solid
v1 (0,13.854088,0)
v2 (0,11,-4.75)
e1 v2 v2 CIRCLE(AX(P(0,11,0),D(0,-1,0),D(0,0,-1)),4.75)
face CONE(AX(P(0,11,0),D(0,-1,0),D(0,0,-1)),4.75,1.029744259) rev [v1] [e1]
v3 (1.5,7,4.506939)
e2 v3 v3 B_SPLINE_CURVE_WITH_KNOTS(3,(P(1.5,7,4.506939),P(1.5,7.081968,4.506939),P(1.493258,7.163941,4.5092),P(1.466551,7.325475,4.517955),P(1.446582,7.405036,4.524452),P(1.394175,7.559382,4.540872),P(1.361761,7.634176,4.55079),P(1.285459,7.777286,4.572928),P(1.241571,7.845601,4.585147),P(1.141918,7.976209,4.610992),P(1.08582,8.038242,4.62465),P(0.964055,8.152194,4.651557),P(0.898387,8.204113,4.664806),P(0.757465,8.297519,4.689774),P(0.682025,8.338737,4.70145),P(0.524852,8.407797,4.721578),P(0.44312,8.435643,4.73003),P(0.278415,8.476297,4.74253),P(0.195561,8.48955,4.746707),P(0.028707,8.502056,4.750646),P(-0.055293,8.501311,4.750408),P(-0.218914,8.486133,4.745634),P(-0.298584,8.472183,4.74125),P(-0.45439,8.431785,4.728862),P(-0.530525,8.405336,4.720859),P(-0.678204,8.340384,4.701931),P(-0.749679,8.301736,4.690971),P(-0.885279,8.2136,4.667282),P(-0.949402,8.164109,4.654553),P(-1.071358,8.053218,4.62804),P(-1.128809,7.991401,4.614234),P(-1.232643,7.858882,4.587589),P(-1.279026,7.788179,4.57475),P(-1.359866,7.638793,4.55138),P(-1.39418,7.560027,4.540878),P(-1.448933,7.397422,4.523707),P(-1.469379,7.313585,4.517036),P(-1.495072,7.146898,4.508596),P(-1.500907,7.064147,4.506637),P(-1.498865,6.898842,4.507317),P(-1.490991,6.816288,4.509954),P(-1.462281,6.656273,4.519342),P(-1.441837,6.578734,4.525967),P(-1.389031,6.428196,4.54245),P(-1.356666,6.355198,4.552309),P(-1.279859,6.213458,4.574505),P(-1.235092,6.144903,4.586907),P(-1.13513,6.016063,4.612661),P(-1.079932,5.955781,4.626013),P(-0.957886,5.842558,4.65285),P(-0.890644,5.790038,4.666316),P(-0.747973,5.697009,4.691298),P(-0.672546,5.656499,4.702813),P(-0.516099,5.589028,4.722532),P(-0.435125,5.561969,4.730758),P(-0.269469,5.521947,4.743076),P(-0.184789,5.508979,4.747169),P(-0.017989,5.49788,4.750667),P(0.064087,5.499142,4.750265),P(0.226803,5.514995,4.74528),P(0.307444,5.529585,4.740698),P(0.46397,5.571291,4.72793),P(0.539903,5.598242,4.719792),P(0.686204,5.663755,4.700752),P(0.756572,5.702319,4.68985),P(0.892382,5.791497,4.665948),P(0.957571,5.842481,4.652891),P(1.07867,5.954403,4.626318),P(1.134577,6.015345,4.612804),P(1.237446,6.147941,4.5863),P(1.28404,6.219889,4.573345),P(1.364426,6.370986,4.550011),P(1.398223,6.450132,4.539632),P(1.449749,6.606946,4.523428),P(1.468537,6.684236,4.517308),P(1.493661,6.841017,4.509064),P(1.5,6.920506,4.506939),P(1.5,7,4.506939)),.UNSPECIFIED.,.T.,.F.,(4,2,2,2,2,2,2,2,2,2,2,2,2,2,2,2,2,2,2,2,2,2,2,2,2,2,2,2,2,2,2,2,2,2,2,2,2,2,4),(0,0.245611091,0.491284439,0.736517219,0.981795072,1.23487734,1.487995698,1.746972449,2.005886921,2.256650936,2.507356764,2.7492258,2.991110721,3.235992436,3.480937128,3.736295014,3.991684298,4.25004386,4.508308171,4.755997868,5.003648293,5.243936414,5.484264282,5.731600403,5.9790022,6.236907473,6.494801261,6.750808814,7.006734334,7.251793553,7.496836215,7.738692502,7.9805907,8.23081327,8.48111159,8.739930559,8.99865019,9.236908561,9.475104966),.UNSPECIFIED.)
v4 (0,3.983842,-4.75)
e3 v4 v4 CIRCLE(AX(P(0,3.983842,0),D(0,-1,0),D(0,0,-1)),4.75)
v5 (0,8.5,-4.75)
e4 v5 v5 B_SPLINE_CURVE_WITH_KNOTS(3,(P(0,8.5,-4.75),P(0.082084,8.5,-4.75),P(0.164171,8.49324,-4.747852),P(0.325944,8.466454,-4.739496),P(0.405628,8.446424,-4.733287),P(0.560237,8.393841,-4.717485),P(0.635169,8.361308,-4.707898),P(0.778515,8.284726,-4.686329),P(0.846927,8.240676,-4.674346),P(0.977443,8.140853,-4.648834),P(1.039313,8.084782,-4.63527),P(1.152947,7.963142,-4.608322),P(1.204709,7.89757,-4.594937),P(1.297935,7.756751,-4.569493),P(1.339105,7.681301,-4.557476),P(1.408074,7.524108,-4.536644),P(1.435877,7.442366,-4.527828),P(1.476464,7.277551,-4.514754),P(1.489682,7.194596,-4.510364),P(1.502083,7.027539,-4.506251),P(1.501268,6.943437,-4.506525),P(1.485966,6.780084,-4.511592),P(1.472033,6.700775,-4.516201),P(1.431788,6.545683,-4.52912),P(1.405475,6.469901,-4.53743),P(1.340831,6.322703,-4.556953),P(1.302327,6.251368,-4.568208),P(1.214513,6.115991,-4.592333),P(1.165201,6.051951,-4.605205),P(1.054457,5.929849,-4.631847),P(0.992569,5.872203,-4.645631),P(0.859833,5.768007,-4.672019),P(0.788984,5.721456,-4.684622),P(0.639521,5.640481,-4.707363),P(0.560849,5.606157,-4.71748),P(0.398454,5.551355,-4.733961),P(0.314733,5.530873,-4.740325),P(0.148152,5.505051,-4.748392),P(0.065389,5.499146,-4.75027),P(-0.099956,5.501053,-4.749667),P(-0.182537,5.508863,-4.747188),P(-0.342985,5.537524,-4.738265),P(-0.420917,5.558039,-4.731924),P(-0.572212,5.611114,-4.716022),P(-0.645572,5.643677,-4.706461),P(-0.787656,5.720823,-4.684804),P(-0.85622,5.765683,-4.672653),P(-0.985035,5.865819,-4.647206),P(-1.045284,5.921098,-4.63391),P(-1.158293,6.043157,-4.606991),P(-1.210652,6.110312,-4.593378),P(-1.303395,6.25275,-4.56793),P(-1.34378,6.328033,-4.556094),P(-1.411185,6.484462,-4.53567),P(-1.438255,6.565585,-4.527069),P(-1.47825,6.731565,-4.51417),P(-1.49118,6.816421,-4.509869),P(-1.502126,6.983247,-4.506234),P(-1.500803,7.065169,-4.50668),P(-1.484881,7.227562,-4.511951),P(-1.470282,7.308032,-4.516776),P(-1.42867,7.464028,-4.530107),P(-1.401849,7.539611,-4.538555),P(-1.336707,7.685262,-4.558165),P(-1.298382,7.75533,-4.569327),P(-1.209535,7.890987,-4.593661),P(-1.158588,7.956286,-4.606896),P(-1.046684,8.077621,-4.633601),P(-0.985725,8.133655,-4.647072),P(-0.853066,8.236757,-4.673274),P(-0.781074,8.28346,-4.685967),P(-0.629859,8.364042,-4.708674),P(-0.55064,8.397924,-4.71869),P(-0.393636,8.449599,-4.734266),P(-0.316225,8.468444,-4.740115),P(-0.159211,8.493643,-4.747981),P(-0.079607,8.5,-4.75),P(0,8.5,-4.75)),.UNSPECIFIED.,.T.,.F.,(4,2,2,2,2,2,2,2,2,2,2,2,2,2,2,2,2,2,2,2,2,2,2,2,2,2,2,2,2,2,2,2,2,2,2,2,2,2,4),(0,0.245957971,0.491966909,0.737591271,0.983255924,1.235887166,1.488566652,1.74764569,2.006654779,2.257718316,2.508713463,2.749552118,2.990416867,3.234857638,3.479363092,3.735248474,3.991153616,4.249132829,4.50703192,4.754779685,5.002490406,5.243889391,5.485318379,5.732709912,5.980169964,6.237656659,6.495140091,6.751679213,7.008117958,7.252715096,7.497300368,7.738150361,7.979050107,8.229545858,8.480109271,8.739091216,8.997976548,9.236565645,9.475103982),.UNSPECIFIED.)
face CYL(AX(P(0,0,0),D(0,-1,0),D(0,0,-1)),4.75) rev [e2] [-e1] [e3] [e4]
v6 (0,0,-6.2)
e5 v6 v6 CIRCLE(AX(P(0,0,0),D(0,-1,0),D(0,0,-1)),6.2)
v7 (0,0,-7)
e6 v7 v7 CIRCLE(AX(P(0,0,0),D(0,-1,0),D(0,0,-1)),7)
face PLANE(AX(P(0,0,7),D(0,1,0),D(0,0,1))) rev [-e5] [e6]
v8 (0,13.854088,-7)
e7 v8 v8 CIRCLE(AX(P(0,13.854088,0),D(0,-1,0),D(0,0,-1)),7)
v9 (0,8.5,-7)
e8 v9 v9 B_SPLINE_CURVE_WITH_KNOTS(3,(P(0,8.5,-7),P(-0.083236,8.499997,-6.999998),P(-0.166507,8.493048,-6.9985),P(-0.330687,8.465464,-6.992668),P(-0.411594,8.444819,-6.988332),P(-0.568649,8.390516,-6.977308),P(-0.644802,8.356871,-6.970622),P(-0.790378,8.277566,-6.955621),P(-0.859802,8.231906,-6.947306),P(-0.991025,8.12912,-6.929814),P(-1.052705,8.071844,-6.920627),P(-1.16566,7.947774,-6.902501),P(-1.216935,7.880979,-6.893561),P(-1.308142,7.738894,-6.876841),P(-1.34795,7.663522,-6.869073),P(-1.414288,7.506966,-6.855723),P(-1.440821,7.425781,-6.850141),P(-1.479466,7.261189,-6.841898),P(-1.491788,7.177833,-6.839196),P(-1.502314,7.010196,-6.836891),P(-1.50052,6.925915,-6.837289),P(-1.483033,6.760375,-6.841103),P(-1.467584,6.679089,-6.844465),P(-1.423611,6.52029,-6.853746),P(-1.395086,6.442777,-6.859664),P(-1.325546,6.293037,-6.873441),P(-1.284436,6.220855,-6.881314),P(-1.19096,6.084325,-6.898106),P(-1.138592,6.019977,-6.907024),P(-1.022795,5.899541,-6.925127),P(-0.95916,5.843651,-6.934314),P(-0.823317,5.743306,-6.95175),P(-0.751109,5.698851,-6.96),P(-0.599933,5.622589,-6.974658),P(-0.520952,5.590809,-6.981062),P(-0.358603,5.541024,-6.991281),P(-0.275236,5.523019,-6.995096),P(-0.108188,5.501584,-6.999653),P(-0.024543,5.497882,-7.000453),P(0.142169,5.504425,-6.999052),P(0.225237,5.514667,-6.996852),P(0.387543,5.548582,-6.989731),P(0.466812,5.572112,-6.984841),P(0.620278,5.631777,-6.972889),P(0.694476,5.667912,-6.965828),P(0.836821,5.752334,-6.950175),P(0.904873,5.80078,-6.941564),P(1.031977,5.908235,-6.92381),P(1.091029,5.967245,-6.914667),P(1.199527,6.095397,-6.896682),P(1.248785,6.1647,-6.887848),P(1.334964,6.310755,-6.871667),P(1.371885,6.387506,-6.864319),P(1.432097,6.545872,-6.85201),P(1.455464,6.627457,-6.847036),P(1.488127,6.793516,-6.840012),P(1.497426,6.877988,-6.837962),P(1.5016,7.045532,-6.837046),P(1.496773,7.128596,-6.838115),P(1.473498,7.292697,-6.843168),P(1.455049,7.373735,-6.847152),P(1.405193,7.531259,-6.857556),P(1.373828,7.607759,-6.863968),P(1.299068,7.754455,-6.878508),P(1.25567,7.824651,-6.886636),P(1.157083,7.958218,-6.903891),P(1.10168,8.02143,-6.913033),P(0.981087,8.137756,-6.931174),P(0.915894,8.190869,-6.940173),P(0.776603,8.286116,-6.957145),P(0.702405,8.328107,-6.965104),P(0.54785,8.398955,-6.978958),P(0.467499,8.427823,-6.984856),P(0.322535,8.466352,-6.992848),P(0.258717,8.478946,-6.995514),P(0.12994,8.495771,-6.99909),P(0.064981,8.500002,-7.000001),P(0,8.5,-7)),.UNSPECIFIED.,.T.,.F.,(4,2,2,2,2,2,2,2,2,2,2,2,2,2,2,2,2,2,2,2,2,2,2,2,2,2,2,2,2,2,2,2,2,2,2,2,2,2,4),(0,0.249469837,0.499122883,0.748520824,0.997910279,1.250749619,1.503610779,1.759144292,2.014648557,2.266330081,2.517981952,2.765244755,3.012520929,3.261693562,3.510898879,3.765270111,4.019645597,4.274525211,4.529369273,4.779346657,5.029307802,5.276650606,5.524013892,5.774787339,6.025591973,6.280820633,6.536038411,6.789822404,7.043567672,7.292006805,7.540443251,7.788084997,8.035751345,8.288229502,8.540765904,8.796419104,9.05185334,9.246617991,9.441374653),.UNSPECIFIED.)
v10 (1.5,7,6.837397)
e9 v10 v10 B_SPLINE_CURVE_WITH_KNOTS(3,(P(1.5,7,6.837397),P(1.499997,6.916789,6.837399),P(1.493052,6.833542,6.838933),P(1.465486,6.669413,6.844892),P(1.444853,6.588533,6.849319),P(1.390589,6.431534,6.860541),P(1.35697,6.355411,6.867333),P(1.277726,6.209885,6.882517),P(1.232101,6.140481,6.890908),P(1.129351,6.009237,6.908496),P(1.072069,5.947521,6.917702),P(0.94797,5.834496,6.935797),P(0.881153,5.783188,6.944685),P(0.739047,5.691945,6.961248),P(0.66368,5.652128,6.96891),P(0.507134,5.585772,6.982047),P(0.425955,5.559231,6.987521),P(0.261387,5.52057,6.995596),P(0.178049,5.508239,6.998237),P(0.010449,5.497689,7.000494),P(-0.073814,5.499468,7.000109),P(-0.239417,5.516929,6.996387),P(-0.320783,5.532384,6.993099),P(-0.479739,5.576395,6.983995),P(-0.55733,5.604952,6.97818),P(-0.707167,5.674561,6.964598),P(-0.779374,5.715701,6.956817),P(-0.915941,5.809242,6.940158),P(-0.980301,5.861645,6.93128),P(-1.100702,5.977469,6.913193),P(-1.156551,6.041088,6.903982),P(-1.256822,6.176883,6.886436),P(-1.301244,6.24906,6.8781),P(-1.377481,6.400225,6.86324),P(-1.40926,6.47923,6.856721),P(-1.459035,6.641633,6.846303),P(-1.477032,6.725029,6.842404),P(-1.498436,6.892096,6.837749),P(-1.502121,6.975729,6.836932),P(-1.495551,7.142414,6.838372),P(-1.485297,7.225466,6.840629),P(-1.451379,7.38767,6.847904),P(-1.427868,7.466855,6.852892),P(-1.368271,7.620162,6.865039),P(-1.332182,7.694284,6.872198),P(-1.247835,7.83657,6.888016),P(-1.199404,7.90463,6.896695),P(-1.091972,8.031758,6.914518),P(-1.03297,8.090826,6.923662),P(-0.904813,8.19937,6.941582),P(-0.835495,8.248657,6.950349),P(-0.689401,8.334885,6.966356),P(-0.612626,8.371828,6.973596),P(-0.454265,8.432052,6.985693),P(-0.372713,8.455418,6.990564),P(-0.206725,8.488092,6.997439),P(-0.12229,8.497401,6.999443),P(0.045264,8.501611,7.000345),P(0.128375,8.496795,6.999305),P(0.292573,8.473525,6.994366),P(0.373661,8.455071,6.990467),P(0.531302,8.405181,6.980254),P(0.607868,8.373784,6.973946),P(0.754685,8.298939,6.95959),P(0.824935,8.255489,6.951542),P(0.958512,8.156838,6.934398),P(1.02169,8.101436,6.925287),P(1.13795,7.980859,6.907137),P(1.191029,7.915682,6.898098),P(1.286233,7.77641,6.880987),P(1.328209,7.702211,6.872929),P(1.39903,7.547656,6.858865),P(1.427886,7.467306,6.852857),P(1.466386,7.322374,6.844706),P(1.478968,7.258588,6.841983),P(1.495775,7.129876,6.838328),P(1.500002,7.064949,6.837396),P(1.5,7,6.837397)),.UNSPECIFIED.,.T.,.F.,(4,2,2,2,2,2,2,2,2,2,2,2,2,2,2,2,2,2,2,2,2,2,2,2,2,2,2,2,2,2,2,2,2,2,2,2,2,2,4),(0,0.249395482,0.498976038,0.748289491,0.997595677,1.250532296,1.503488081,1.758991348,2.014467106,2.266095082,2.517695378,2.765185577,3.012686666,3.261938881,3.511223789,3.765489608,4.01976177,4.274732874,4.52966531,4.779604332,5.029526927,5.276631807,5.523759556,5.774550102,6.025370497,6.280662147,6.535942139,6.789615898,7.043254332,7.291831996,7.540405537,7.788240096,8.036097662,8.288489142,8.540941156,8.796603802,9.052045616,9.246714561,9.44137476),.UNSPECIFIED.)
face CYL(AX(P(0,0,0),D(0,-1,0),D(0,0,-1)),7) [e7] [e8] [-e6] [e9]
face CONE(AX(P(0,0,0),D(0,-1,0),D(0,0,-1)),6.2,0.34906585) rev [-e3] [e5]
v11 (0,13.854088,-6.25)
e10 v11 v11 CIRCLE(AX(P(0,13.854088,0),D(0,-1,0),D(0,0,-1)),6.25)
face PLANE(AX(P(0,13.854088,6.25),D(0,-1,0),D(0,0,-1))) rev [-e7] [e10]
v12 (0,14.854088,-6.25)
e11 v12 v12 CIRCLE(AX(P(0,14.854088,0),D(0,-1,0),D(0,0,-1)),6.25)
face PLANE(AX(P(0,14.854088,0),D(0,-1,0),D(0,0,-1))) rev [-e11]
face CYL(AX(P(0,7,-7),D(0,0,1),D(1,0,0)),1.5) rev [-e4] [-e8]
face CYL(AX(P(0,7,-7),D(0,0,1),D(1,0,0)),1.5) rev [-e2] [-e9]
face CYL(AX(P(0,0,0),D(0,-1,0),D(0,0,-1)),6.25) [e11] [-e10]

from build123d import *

# Parameters (mm, degrees)
CUT_EXTRUDE1_DEPTH      = 18.850600229
CUT_EXTRUDE1_DEPTH_BACK = 18.850600229
SKETCH2_R               = 1.5


with BuildPart() as part:
    # Sketch1 → Revolve1 (revolve)
    with BuildSketch(Plane(origin=(0, 0, 0), x_dir=(0, 0, -1), z_dir=(1, 0, 0)), mode=Mode.PRIVATE) as revolve1_sk:
        Polygon((0, 14.85408794), (-6.25, 14.85408794), (-6.25, 13.85408794), (-7, 13.85408794), (-7, 0), (-6.2, 0), (-4.75, 3.983842258), (-4.75, 11), (0, 13.85408794), align=None)
    revolve(revolve1_sk.sketch.rotate(Axis((0, 0, 0), (0, 1, 0)), 180), axis=Axis((0, 0, 0), (0, 1, 0)))

    # Sketch2 → Cut-Extrude1 (cut, two sides: drawn at the far end of the back side and taken through both)
    with BuildSketch(Plane.XY.offset(-CUT_EXTRUDE1_DEPTH_BACK)):
        with Locations((0, 7)):
            Circle(SKETCH2_R)
    extrude(amount=CUT_EXTRUDE1_DEPTH + CUT_EXTRUDE1_DEPTH_BACK, mode=Mode.SUBTRACT)


solid = part.part
